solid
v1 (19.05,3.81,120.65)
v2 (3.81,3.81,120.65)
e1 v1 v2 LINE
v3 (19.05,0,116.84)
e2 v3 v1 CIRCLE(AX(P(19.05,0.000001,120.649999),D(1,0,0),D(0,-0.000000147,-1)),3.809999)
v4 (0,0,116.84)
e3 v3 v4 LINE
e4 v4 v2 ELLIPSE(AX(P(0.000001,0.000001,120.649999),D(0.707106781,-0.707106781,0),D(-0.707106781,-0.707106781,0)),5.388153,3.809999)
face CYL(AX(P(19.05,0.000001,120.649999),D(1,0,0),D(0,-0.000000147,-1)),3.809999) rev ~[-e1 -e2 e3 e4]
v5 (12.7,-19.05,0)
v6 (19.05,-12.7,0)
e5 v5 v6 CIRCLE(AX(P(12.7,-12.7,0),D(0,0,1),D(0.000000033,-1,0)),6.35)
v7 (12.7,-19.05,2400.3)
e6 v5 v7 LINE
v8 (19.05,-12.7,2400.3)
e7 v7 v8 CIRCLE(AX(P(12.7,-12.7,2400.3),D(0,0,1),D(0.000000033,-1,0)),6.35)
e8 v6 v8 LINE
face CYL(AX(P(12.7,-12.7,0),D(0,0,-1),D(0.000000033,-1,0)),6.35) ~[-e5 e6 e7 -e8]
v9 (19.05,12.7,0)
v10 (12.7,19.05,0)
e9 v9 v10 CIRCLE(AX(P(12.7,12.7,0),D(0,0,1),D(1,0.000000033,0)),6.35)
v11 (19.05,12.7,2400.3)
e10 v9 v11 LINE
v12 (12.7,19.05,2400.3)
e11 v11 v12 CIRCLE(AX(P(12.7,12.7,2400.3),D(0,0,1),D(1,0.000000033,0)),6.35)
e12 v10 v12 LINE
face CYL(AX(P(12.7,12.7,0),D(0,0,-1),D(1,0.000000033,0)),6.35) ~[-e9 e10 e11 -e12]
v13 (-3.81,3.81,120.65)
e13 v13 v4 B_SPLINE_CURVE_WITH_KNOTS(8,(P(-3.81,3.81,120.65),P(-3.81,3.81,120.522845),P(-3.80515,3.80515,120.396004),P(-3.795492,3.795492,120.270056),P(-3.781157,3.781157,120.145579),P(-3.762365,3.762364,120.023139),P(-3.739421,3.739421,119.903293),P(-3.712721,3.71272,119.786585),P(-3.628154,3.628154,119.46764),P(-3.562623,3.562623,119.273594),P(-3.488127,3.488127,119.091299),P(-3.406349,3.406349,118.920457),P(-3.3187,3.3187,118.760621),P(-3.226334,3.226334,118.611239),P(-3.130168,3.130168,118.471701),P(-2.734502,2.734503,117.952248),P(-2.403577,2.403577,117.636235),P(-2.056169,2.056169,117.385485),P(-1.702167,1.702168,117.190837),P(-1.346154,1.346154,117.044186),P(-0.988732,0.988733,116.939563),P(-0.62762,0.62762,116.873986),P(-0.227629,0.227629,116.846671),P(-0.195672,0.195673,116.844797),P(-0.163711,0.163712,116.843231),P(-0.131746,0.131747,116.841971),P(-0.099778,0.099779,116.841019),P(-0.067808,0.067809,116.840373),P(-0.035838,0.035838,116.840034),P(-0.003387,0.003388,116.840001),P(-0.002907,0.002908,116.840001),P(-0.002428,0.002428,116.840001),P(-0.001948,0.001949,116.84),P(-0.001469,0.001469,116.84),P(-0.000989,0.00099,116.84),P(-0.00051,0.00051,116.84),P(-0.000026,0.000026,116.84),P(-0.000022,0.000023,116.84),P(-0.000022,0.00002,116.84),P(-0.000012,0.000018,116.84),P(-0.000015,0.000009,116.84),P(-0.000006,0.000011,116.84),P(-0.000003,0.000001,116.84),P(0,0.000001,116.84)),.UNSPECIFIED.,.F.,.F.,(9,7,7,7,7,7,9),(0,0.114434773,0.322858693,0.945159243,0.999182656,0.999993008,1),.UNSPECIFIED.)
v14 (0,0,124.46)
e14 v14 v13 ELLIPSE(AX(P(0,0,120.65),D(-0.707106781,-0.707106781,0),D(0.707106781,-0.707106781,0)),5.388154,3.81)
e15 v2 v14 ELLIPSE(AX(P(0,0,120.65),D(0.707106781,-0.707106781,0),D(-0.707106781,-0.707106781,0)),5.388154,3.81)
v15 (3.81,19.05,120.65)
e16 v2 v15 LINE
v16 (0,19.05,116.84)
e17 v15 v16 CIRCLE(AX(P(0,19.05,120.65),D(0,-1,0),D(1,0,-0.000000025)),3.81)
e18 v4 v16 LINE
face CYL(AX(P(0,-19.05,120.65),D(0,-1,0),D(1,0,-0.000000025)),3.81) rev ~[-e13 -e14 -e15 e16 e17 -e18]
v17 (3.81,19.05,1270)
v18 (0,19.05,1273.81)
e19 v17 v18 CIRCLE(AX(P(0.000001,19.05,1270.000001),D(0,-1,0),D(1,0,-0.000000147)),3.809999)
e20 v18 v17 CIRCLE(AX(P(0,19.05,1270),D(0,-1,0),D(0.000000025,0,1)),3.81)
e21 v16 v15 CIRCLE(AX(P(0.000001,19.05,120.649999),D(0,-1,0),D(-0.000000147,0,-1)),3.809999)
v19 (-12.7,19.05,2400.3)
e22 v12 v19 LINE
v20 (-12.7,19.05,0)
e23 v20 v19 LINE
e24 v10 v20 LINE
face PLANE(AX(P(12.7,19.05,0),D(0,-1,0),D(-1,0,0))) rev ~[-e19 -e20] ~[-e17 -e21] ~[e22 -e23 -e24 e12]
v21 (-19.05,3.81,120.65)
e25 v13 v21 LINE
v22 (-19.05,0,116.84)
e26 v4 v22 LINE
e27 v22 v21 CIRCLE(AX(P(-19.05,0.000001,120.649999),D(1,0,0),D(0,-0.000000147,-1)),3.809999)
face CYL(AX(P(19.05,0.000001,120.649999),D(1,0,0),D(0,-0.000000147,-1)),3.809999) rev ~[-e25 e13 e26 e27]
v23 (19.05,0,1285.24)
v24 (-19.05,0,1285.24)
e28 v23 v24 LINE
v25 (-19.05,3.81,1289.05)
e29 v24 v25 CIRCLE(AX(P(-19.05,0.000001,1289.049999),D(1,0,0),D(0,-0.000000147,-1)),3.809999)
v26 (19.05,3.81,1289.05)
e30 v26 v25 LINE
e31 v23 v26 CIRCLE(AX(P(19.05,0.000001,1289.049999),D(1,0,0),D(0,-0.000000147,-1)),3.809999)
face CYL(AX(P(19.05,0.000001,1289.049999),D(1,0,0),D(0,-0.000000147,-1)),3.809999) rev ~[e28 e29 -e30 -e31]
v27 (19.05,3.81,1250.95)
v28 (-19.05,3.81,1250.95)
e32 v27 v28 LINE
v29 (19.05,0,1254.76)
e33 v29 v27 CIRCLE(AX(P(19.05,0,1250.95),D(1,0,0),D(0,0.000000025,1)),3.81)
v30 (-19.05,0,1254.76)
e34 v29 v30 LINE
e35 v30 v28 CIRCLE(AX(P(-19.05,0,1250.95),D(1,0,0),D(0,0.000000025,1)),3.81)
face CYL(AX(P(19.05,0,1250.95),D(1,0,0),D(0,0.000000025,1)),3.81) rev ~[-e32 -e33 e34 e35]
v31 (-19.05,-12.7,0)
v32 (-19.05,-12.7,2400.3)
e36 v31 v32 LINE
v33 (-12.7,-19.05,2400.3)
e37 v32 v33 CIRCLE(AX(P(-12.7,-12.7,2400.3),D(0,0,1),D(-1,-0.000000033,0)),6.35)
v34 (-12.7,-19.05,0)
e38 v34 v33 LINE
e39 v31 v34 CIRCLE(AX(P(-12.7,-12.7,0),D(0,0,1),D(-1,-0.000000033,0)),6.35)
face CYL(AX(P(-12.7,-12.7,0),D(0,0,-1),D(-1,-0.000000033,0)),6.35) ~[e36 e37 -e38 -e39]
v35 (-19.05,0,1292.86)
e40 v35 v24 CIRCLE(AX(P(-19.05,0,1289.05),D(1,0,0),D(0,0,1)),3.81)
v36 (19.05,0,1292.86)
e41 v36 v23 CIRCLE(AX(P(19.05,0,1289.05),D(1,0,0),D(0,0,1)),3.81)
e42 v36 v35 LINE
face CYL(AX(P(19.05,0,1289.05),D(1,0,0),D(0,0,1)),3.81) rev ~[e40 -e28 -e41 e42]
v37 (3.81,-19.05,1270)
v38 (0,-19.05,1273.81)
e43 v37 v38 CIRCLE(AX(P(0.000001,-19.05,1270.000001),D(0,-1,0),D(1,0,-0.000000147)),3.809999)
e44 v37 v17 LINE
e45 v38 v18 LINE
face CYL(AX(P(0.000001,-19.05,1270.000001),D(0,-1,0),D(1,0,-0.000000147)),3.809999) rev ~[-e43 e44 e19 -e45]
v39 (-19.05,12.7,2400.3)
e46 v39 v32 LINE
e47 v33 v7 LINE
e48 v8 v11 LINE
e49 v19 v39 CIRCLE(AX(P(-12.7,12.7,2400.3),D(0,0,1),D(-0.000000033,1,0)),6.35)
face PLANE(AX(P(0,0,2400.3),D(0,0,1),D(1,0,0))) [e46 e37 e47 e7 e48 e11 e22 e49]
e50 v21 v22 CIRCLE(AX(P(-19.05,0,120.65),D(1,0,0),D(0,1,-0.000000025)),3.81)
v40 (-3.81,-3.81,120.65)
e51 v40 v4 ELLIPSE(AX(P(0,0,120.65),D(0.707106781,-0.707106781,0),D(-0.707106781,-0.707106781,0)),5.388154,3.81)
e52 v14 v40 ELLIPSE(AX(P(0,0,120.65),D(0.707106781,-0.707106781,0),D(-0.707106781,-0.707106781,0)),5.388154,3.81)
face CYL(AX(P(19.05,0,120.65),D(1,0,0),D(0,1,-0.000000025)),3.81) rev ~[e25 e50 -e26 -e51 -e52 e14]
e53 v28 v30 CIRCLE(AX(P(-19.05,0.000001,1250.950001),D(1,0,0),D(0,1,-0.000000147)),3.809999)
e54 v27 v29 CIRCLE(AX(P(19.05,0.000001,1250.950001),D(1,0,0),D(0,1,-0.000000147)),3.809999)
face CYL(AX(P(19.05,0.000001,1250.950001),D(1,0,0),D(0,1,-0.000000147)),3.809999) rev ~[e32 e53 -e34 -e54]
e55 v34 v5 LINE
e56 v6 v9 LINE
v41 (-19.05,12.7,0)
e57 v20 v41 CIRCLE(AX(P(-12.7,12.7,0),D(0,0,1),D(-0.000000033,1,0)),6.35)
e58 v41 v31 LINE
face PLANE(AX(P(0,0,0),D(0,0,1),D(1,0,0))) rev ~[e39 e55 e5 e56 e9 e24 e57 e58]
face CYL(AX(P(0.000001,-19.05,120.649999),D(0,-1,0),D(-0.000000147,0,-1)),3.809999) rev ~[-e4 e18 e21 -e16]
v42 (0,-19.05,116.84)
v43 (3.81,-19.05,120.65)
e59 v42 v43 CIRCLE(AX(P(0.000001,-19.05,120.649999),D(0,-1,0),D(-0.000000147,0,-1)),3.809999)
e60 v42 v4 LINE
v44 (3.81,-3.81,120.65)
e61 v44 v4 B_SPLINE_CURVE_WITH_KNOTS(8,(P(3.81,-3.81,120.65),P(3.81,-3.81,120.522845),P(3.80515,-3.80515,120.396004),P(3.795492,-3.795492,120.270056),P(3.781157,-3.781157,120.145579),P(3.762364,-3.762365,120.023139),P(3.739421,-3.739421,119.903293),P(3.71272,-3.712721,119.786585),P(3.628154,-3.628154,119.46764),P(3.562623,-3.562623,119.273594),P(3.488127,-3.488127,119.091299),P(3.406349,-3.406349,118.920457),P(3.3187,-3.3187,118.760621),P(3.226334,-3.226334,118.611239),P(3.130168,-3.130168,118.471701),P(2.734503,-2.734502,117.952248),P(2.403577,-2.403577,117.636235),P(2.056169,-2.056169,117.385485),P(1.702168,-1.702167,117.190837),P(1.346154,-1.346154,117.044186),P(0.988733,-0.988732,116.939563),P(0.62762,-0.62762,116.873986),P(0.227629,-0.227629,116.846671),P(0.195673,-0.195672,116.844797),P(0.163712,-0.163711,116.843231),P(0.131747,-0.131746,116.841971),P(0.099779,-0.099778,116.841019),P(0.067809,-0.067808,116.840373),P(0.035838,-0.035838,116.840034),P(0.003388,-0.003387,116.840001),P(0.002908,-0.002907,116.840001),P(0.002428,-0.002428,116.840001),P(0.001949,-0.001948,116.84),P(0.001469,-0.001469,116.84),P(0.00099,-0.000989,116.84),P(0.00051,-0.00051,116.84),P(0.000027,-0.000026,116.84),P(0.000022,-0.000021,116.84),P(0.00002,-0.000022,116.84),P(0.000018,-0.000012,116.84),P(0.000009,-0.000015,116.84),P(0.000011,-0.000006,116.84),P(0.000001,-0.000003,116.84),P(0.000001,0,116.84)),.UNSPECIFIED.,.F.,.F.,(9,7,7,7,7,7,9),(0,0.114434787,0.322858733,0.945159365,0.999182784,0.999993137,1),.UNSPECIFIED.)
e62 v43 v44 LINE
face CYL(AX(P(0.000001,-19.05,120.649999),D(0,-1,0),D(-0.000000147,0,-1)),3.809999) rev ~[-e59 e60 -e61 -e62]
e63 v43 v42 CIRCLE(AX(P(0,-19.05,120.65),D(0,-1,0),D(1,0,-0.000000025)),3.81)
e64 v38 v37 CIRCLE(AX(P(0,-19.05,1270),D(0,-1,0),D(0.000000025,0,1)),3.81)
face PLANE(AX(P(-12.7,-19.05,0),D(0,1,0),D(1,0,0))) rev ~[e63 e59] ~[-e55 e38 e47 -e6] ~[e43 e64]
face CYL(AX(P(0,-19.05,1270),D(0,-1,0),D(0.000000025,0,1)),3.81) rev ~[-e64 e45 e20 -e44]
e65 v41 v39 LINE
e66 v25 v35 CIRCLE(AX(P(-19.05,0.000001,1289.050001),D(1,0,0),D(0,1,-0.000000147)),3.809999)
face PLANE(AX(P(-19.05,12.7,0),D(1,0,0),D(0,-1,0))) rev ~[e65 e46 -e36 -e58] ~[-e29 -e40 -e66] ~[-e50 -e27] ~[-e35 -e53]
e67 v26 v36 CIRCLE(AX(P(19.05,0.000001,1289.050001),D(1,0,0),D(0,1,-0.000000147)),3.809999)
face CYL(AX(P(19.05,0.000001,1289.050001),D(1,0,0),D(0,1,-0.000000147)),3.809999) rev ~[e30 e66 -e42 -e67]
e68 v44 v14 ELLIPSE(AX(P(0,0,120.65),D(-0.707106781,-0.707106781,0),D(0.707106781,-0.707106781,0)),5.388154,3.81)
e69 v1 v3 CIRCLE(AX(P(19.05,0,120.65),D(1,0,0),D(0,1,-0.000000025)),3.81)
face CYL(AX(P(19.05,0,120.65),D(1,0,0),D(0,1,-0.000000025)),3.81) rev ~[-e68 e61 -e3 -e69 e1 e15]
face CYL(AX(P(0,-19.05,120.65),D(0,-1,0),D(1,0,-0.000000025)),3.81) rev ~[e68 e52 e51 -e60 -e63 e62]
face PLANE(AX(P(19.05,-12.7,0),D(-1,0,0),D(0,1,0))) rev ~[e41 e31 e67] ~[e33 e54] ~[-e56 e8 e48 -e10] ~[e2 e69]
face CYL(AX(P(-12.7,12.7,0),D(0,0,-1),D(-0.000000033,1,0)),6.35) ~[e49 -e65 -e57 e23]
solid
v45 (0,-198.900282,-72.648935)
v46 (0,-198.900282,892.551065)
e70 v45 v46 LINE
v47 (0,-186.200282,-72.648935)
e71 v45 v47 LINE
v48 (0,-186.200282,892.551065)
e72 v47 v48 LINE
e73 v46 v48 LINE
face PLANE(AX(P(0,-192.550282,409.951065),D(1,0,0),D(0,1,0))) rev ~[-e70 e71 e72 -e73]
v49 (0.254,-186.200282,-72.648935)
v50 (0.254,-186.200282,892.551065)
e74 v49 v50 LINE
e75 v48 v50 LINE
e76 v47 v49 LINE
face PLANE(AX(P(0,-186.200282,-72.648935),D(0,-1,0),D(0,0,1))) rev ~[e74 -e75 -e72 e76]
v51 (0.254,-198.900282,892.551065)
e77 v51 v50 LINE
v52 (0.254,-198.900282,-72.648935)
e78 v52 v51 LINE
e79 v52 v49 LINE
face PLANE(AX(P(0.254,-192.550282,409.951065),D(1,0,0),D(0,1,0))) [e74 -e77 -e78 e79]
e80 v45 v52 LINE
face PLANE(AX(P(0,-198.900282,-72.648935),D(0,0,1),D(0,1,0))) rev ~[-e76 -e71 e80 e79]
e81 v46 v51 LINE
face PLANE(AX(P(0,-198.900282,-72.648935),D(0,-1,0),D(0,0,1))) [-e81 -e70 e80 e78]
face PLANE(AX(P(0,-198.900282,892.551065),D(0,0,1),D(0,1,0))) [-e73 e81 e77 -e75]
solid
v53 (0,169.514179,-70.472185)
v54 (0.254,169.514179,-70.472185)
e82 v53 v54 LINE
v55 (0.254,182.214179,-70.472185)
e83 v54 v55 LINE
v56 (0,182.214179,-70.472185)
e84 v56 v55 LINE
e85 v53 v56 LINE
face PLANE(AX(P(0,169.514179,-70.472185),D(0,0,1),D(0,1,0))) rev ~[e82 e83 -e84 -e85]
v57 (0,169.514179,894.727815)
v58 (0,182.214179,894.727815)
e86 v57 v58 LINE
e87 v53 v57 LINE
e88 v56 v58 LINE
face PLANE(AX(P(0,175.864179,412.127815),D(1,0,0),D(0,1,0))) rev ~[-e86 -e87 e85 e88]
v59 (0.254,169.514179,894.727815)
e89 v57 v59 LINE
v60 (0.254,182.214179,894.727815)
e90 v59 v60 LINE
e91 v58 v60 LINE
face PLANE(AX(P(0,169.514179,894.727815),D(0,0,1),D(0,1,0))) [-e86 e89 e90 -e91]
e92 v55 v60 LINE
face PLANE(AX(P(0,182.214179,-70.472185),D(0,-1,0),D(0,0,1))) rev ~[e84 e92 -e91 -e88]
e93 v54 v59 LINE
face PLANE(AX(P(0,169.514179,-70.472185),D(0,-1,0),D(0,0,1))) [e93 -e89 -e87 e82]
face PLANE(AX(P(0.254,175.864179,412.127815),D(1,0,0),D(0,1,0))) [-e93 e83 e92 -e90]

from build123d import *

# Parameters (mm, degrees)
F1_DEPTH  = 2400.3
F2_W      = 12.7
F2_H      = 965.2
F4_DEPTH  = 0.254
F3_W      = 12.7
F3_H      = 965.2
F5_DEPTH  = 0.254
F7_DEPTH  = 38.1
F9_DEPTH  = 38.1
F11_DEPTH = 38.1
F13_DEPTH = 38.1


with BuildPart() as f1:
    # F0 (on Top) → F1 (new body)
    with BuildSketch(Plane.XY):
        with BuildLine():
            ThreePointArc((19.05, 12.7), (17.190128, 17.190128), (12.7, 19.05))
            Line((12.7, 19.05), (-12.7, 19.05))
            ThreePointArc((-12.7, 19.05), (-17.190128, 17.190128), (-19.05, 12.7))
            Line((-19.05, 12.7), (-19.05, -12.7))
            ThreePointArc((-19.05, -12.7), (-17.190128, -17.190128), (-12.7, -19.05))
            Line((-12.7, -19.05), (12.7, -19.05))
            ThreePointArc((12.7, -19.05), (17.190128, -17.190128), (19.05, -12.7))
            Line((19.05, -12.7), (19.05, 12.7))
        make_face()
    extrude(amount=F1_DEPTH)

    # F6 (on face) → F7 (cut)
    with BuildSketch(Plane.XZ.offset(19.05)):
        with BuildLine():
            ThreePointArc((0, 116.84), (2.694077, 117.955923), (3.81, 120.65))
            ThreePointArc((3.81, 120.65), (-2.694077, 123.344077), (0, 116.84))
        make_face()
    extrude(amount=-F7_DEPTH, mode=Mode.SUBTRACT)

    # F8 (on face) → F9 (cut)
    with BuildSketch(Plane.YZ.offset(19.05)):
        with BuildLine():
            ThreePointArc((0, 116.84), (2.694077, 117.955923), (3.81, 120.65))
            ThreePointArc((3.81, 120.65), (-2.694077, 123.344077), (0, 116.84))
        make_face()
    extrude(amount=-F9_DEPTH, mode=Mode.SUBTRACT)

    # F10 (on face) → F11 (cut)
    with BuildSketch(Plane.YZ.offset(19.05)):
        with BuildLine():
            ThreePointArc((3.81, 1289.05), (2.694077, 1291.744077), (0, 1292.86))
            Line((0, 1292.86), (0, 1289.05))
            Line((0, 1289.05), (0, 1285.24))
            ThreePointArc((0, 1285.24), (2.694077, 1286.355923), (3.81, 1289.05))
        make_face()
        with BuildLine():
            ThreePointArc((3.81, 1250.95), (2.694077, 1253.644077), (0, 1254.76))
            ThreePointArc((0, 1254.76), (-2.694077, 1248.255923), (3.81, 1250.95))
        make_face()
        with BuildLine():
            Line((0, 1289.05), (0, 1292.86))
            ThreePointArc((0, 1292.86), (-3.81, 1289.05), (0, 1285.24))
            Line((0, 1285.24), (0, 1289.05))
        make_face()
    extrude(amount=-F11_DEPTH, mode=Mode.SUBTRACT)

    # F12 (on face) → F13 (cut)
    with BuildSketch(Plane.XZ.offset(19.05)):
        with BuildLine():
            ThreePointArc((0, 1273.81), (-2.694077, 1267.305923), (3.81, 1270))
            ThreePointArc((3.81, 1270), (2.694077, 1272.694077), (0, 1273.81))
        make_face()
    extrude(amount=-F13_DEPTH, mode=Mode.SUBTRACT)


with BuildPart() as f4:
    # F2 (on Right) → F4 (new body)
    with BuildSketch(Plane.YZ):
        with Locations((-192.550282, 409.951065)):
            Rectangle(F2_W, F2_H)
    extrude(amount=F4_DEPTH)


with BuildPart() as f5:
    # F3 (on Right) → F5 (new body)
    with BuildSketch(Plane.YZ):
        with Locations((175.864179, 412.127815)):
            Rectangle(F3_W, F3_H)
    extrude(amount=F5_DEPTH)


solid = Compound([f1.part, f4.part, f5.part])
